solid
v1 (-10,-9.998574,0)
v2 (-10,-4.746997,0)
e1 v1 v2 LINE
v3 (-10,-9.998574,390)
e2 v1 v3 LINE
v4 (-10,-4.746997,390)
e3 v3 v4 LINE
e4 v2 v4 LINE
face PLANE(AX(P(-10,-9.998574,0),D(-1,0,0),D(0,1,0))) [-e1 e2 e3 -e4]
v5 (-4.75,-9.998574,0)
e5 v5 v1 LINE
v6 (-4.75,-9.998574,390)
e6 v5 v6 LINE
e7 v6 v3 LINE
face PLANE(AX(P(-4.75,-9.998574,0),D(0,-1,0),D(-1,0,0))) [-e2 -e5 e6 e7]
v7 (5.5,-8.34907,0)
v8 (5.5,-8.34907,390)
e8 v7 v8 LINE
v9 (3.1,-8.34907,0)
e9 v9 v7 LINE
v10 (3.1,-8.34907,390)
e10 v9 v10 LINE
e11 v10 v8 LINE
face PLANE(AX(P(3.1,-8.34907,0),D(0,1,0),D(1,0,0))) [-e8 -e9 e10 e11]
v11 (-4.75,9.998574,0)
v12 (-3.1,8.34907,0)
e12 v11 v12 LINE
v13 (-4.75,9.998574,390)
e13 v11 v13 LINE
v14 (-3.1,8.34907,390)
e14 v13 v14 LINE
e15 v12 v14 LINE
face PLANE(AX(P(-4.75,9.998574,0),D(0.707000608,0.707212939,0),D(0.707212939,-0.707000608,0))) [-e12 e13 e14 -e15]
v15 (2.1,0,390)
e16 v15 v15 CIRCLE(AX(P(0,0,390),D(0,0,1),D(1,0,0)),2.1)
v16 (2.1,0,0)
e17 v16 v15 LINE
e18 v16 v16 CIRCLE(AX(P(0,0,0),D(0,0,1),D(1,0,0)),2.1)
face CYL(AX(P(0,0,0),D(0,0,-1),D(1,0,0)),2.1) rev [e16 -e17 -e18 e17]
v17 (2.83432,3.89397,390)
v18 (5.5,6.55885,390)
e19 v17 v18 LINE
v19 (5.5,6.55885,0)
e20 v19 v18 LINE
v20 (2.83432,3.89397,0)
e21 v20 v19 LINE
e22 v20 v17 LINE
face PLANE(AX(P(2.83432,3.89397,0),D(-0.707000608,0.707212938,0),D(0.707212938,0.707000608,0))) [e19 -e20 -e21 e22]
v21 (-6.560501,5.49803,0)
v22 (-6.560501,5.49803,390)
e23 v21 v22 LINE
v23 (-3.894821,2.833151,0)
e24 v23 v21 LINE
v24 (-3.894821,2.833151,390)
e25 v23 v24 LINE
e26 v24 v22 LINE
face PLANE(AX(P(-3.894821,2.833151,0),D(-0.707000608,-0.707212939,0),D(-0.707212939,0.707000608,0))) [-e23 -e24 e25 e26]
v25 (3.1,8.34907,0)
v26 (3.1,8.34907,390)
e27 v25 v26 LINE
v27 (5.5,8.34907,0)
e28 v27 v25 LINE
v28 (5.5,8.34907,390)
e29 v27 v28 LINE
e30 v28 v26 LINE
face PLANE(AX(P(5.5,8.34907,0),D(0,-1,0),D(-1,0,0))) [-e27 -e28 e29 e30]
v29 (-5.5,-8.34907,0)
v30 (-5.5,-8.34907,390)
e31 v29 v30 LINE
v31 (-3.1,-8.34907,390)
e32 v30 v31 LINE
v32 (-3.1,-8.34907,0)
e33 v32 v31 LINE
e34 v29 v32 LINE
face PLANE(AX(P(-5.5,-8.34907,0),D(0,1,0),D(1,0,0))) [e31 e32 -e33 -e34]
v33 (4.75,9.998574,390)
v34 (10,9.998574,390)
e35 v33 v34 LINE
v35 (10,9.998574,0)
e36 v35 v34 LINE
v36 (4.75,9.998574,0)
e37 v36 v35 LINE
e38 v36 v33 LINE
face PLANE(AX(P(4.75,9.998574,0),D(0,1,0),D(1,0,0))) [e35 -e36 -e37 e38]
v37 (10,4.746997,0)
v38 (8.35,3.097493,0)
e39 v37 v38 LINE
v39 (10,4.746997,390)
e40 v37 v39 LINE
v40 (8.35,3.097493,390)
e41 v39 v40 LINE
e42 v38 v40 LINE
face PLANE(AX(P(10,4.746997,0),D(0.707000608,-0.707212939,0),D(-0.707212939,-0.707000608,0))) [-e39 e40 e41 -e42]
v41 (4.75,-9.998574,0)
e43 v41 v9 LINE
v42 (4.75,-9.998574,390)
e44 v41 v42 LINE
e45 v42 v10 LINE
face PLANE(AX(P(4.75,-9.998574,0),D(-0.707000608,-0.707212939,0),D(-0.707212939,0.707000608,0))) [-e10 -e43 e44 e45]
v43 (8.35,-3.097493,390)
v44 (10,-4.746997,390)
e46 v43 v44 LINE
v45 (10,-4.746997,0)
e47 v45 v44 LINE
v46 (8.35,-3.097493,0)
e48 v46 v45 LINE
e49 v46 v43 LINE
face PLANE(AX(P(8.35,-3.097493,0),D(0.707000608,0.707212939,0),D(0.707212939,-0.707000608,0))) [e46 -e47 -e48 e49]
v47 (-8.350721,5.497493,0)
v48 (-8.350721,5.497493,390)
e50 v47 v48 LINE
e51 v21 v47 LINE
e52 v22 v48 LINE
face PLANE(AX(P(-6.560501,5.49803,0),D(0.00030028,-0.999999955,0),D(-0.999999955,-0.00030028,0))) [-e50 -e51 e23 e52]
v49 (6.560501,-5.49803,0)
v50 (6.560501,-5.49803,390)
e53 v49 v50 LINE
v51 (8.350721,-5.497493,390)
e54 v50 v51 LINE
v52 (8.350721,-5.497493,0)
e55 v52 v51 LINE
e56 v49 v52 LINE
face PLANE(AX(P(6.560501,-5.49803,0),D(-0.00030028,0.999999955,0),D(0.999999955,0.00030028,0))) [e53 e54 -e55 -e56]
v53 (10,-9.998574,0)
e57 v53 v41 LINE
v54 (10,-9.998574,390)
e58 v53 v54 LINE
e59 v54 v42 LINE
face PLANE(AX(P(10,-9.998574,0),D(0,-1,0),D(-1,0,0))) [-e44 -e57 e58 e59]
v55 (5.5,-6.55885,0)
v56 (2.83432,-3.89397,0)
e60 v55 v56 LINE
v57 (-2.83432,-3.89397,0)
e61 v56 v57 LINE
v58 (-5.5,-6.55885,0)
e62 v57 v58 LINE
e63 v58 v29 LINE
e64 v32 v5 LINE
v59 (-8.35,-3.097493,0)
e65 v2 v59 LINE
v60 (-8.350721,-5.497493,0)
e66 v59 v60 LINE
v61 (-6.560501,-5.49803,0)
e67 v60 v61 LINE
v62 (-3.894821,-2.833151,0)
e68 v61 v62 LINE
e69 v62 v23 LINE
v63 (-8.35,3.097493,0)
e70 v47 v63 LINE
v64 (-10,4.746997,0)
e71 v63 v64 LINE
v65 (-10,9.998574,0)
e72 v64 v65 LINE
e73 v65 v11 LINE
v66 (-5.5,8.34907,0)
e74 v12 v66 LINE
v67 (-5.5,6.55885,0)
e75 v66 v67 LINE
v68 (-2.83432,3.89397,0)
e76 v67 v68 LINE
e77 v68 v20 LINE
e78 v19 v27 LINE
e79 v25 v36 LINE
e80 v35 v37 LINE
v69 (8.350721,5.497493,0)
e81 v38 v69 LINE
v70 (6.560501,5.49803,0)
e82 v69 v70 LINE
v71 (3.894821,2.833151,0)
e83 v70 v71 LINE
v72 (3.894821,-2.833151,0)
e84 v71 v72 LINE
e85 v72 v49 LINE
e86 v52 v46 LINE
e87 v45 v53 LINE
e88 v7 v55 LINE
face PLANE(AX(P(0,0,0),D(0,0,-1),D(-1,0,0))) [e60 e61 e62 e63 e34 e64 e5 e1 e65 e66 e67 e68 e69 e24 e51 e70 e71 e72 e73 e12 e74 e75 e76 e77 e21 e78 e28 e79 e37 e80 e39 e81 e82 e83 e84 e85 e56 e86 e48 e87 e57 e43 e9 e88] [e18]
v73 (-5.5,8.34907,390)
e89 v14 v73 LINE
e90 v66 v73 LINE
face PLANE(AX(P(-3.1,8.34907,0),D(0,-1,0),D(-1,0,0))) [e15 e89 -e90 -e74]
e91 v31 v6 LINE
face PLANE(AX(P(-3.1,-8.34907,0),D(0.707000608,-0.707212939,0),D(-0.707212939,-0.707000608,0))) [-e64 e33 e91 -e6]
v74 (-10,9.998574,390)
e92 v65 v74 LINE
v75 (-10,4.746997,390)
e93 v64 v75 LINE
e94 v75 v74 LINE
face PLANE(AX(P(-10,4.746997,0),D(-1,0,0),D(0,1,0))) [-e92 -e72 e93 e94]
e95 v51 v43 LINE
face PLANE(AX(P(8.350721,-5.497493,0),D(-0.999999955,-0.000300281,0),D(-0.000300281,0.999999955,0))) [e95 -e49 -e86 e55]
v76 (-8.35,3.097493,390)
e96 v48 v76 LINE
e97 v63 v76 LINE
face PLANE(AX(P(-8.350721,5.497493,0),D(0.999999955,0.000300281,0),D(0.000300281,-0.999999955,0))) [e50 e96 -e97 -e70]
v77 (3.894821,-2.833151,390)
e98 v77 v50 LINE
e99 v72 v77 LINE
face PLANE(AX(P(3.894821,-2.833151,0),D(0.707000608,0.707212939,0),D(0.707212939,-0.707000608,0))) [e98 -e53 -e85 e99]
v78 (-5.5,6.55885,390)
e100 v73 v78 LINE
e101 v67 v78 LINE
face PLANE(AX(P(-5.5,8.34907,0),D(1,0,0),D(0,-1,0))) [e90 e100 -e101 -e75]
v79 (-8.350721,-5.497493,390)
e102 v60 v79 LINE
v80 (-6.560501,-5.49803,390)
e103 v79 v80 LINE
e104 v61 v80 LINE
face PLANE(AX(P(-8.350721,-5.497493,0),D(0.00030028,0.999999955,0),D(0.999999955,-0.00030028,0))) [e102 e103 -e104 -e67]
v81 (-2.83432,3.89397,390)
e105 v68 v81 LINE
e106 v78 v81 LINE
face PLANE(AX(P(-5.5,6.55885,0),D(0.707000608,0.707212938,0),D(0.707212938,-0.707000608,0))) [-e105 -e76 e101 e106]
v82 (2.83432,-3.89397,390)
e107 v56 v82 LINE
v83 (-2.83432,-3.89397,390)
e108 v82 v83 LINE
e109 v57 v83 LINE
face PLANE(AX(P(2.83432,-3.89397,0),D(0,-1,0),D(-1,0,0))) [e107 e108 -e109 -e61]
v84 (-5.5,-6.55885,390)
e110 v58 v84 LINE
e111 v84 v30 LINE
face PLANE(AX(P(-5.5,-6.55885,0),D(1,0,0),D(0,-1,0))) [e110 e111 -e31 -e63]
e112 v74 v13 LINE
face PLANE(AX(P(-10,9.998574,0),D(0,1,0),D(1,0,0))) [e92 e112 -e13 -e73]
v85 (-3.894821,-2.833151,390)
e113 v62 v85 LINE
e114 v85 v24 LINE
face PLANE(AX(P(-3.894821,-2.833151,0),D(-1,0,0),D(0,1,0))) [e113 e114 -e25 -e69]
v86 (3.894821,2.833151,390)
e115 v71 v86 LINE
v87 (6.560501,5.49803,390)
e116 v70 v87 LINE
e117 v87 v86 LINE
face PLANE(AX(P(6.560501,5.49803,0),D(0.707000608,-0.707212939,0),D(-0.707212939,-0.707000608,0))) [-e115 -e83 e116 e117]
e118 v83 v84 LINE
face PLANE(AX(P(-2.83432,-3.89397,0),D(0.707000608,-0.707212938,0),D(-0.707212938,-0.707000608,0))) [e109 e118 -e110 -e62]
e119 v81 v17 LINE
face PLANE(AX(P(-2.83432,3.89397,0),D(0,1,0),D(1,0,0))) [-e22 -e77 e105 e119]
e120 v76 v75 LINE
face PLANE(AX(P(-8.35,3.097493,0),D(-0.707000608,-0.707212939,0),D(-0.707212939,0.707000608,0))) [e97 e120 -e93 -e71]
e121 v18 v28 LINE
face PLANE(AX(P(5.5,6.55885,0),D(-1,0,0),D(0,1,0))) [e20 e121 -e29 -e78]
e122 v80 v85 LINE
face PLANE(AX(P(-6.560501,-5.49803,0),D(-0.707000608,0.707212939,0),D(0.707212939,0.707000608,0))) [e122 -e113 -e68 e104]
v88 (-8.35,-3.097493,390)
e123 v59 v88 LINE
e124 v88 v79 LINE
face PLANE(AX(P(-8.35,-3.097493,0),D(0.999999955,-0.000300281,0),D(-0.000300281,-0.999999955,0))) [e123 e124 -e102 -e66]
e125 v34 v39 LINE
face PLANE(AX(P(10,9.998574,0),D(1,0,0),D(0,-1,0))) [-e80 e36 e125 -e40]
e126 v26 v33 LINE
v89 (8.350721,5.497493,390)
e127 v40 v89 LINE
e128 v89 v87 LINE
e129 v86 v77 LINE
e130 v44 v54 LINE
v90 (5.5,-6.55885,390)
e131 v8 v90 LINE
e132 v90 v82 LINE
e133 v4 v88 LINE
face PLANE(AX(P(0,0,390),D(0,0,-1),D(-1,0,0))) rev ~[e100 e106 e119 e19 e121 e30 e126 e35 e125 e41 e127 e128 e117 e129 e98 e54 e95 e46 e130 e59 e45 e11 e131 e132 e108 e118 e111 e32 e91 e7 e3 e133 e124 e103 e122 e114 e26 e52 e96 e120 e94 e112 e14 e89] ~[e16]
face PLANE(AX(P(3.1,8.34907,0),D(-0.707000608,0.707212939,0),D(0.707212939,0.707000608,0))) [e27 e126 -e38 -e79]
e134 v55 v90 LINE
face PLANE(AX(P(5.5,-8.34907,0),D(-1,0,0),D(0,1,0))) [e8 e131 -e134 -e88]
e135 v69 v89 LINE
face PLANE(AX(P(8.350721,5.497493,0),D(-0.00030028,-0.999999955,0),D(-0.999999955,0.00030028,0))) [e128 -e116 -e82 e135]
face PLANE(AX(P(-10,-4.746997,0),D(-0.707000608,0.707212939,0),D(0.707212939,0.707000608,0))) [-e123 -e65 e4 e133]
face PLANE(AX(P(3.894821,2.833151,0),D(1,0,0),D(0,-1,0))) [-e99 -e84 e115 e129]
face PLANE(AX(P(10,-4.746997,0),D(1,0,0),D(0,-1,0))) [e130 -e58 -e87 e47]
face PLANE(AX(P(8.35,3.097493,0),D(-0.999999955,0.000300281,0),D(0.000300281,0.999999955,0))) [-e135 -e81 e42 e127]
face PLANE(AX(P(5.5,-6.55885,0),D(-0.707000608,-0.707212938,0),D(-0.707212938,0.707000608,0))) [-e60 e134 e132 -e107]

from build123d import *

# Parameters (mm, degrees)
SKETCH1_R           = 2.1
BOSS_EXTRUDE1_DEPTH = 390


with BuildPart() as part:
    # Sketch1 → Boss-Extrude1 (new body)
    with BuildSketch(Plane.XY):
        Polygon((2.834320347, 3.893970342), (5.5, 6.558849663), (5.5, 8.349069506), (3.1, 8.349069506), (4.75, 9.998574117), (10, 9.998574117), (10, 4.746997406), (8.35, 3.097492795), (8.350720674, 5.497492687), (6.560500912, 5.498030255), (3.894821259, 2.833150935), (3.894821259, -2.833150935), (6.560500912, -5.498030255), (8.350720674, -5.497492687), (8.35, -3.097492795), (10, -4.746997406), (10, -9.998574117), (4.75, -9.998574117), (3.1, -8.349069506), (5.5, -8.349069506), (5.5, -6.558849663), (2.834320347, -3.893970342), (-2.834320347, -3.893970342), (-5.5, -6.558849663), (-5.5, -8.349069506), (-3.1, -8.349069506), (-4.75, -9.998574117), (-10, -9.998574117), (-10, -4.746997406), (-8.35, -3.097492795), (-8.350720674, -5.497492687), (-6.560500912, -5.498030255), (-3.894821259, -2.833150935), (-3.894821259, 2.833150935), (-6.560500912, 5.498030255), (-8.350720674, 5.497492687), (-8.35, 3.097492795), (-10, 4.746997406), (-10, 9.998574117), (-4.75, 9.998574117), (-3.1, 8.349069506), (-5.5, 8.349069506), (-5.5, 6.558849663), (-2.834320347, 3.893970342), align=None)
        Circle(SKETCH1_R, mode=Mode.SUBTRACT)
    extrude(amount=BOSS_EXTRUDE1_DEPTH)


solid = part.part
